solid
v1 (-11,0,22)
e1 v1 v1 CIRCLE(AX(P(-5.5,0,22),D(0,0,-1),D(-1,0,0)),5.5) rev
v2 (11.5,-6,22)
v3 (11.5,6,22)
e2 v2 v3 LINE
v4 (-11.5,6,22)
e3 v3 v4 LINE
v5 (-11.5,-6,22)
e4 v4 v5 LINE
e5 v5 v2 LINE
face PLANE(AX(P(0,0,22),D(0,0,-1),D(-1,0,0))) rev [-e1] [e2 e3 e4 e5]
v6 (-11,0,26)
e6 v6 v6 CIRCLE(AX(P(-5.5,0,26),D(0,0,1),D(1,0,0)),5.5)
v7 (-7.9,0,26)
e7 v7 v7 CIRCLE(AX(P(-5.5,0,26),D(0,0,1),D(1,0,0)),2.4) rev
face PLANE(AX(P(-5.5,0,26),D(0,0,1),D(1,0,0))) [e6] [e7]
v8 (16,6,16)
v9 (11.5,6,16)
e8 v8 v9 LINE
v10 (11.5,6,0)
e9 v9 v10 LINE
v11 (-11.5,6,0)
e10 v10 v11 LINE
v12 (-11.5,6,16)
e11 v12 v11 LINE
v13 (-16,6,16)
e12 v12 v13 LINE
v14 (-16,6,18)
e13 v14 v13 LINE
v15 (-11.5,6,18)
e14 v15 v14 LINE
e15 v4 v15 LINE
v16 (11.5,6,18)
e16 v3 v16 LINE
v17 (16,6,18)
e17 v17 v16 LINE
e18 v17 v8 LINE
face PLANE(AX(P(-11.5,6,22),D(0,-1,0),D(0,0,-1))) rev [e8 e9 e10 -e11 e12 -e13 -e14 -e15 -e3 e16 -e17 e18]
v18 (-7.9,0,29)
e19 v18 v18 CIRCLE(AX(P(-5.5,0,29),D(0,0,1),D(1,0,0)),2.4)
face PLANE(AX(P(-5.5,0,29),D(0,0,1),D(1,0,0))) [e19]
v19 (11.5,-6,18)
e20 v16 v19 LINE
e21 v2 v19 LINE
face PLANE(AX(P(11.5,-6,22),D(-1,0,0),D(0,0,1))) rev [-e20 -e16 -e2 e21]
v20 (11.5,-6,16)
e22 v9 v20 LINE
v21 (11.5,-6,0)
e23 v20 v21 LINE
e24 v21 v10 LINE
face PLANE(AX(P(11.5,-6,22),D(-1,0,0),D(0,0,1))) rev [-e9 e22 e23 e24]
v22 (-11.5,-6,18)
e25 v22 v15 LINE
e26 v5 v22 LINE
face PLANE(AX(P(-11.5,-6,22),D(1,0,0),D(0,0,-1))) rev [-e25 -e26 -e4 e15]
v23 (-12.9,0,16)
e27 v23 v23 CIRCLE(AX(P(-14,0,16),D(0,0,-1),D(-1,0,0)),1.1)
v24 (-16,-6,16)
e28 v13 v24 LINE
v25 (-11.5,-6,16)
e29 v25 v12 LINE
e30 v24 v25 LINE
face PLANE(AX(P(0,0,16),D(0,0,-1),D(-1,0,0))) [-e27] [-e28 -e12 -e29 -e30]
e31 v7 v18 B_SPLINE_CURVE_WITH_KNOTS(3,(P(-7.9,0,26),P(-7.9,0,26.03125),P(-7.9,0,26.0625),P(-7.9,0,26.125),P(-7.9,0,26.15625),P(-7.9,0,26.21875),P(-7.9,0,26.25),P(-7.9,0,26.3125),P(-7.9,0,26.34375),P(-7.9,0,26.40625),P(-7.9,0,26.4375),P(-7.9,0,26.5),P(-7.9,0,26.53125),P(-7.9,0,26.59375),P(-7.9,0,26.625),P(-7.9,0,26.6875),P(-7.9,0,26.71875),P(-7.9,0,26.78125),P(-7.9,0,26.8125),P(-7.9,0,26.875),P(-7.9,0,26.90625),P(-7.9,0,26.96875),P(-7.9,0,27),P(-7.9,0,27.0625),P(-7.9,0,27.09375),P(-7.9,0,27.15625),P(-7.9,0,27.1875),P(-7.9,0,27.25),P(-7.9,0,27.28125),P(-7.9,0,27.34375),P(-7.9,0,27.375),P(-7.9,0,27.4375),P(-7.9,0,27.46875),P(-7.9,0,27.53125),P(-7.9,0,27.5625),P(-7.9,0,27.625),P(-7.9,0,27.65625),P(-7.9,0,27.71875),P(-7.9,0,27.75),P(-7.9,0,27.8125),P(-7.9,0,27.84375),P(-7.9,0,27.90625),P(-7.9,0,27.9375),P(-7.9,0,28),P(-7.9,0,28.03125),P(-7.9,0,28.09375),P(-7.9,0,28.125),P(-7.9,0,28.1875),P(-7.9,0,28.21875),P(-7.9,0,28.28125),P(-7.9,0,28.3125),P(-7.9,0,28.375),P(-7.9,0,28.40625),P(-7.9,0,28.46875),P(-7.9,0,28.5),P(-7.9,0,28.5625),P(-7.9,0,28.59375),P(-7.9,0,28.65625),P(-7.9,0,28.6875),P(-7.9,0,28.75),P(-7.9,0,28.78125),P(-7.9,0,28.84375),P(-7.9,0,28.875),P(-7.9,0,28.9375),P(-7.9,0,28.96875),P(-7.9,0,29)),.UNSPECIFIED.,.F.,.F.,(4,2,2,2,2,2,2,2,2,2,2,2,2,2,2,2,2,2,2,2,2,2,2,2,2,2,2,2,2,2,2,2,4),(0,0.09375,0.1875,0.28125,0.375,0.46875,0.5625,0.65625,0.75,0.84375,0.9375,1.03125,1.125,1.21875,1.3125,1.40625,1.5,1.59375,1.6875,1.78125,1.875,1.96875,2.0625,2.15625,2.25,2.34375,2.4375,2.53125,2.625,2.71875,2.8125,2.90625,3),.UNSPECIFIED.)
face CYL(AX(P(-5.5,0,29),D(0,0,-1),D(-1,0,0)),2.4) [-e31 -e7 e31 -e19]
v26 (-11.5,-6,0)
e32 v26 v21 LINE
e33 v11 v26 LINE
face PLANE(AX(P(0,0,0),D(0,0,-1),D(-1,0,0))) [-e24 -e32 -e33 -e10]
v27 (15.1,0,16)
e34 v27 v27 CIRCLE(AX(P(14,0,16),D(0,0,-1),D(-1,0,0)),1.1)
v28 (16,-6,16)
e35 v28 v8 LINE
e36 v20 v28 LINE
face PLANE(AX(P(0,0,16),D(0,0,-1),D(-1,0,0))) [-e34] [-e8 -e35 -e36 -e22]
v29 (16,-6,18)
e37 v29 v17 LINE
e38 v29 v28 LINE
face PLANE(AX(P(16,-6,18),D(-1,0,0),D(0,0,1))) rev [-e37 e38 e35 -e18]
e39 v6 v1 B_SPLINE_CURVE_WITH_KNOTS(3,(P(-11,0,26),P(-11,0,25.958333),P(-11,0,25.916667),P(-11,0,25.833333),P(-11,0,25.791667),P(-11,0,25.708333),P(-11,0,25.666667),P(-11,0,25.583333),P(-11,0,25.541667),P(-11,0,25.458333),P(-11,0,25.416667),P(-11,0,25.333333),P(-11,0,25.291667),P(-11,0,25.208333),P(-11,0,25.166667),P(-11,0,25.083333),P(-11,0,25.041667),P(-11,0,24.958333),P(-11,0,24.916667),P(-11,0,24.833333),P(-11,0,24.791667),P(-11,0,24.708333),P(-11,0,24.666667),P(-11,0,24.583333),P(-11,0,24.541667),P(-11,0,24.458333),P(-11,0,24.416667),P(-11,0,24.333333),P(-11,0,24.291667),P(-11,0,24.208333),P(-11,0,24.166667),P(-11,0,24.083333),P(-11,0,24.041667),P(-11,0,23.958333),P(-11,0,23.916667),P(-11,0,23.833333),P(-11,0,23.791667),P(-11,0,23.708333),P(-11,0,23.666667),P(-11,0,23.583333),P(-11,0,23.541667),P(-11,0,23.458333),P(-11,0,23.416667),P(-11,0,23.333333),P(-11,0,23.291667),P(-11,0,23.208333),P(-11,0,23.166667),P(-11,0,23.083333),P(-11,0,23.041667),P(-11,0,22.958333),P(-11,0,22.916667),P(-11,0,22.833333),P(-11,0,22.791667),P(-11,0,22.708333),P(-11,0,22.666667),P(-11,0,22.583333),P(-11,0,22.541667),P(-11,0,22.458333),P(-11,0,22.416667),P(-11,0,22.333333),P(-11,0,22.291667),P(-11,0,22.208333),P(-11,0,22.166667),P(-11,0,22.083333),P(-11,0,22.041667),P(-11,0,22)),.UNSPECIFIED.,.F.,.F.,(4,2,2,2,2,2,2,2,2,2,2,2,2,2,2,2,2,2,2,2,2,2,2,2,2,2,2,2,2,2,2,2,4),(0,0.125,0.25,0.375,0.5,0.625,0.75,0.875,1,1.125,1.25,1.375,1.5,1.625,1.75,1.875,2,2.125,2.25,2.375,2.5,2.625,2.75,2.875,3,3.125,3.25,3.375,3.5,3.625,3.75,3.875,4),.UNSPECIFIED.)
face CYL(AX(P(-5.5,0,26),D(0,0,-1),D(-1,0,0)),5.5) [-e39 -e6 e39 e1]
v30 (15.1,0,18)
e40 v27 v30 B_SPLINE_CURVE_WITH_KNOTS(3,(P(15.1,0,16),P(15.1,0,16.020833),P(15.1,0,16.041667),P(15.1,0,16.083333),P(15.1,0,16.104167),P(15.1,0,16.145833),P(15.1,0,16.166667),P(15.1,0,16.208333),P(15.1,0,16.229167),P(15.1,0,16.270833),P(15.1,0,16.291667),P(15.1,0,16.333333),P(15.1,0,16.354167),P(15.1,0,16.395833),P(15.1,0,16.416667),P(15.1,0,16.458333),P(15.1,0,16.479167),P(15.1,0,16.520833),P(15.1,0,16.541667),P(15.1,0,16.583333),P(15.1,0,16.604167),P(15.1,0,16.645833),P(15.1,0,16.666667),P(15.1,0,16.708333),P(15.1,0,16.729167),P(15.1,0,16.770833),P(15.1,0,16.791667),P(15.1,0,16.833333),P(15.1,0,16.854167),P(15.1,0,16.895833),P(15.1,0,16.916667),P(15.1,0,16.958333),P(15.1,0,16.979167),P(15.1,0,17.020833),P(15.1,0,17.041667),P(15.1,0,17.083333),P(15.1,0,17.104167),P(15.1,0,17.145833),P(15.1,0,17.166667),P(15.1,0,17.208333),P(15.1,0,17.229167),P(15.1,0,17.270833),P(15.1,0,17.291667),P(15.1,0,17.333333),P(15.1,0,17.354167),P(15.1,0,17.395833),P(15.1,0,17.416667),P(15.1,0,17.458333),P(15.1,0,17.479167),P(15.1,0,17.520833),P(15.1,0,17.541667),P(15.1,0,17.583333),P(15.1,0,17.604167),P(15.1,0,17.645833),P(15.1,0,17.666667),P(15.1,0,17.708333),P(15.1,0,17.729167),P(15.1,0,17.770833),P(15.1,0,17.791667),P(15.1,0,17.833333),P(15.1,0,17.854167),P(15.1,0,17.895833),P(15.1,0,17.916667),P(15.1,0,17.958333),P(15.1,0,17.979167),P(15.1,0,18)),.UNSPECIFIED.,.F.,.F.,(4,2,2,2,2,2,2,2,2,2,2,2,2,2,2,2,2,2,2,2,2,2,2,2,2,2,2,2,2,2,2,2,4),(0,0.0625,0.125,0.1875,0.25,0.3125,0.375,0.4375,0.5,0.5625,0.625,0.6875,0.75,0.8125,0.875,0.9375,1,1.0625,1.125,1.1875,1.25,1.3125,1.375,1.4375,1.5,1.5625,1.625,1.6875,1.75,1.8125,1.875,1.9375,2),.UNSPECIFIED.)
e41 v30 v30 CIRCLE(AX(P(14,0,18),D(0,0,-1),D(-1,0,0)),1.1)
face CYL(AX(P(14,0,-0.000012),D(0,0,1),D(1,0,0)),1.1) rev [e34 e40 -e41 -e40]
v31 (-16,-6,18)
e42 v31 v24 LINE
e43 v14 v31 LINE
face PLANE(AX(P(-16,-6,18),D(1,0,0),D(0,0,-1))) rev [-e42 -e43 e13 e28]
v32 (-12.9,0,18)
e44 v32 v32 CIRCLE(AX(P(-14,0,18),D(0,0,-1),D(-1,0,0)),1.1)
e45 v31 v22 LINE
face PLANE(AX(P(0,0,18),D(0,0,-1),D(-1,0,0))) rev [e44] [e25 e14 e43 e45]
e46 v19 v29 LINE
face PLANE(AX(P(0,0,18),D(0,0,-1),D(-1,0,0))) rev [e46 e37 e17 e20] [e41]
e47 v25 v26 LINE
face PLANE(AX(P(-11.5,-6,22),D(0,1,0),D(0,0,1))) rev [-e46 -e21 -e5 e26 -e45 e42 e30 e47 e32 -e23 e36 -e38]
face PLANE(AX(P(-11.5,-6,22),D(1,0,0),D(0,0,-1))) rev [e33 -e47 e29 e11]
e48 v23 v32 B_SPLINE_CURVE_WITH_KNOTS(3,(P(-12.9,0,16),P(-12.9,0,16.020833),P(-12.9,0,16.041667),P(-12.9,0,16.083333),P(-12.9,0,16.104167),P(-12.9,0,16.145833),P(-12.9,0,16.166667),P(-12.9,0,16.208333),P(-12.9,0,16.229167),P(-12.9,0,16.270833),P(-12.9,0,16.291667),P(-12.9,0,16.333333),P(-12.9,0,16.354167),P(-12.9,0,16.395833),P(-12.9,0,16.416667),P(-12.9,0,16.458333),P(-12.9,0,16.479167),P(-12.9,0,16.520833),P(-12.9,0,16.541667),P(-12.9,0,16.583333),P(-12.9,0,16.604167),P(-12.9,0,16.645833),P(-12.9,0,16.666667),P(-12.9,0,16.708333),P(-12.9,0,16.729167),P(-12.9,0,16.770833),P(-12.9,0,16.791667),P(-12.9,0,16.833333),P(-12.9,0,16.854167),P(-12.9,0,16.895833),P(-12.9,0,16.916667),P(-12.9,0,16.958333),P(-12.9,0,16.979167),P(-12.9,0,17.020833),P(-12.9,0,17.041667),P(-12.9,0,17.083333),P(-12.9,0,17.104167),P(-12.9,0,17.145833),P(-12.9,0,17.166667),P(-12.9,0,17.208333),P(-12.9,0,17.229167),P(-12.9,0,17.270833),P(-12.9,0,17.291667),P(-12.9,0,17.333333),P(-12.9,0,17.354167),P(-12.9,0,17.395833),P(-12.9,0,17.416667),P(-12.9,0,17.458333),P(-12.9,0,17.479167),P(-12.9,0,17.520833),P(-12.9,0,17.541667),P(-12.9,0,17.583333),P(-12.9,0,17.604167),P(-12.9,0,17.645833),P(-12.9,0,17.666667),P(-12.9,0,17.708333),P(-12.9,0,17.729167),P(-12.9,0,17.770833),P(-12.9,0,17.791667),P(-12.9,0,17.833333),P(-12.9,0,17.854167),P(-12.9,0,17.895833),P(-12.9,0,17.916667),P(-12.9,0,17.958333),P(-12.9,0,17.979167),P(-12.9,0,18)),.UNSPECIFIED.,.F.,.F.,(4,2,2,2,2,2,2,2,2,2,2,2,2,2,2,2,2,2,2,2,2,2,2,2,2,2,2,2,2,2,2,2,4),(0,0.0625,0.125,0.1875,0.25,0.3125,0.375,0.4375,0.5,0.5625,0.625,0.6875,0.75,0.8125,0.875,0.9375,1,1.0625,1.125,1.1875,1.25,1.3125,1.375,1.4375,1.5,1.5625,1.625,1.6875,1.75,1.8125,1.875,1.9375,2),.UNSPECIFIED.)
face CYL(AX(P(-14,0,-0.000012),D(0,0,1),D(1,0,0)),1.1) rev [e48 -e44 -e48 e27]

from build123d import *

# Parameters (mm, degrees)
SKETCH_1_W                            = 23
SKETCH_1_H                            = 12
SG90_CASE_PHOTO_APPROX23X12X22_DEPTH  = 22
SG90_EARS_APPROX32_START              = 16
SKETCH_2_W                            = 32
SKETCH_2_H                            = 12
SG90_EARS_APPROX32_DEPTH              = 2
SKETCH_3_R                            = 5.5
SG90_TOP_BOSS_APPROX_DEPTH            = 26
SKETCH_4_R                            = 2.4
SG90_SHAFT_ENVELOPE_NO_SPLINE_DEPTH   = 29
SG90_EAR_HOLES_REFERENCE28_DEPTH      = 34.660065359
SG90_EAR_HOLES_REFERENCE28_DEPTH_BACK = 34.660065359
SKETCH_5_R                            = 1.1


with BuildPart() as part:
    # 草图1 → SG90_case_PHOTO_APPROX23x12x22 (new body)
    with BuildSketch(Plane.XY):
        Rectangle(SKETCH_1_W, SKETCH_1_H)
    extrude(amount=SG90_CASE_PHOTO_APPROX23X12X22_DEPTH)

    # 草图2 → SG90_ears_APPROX32 (add)
    with BuildSketch(Plane.XY.offset(SG90_EARS_APPROX32_START)):
        Rectangle(SKETCH_2_W, SKETCH_2_H)
    extrude(amount=SG90_EARS_APPROX32_DEPTH)

    # 草图3 → SG90_top_boss_APPROX (add)
    with BuildSketch(Plane.XY):
        with Locations(Location((-5.5, 0, 0), (0, 0, 180))):
            Circle(SKETCH_3_R)
    extrude(amount=SG90_TOP_BOSS_APPROX_DEPTH)

    # 草图4 → SG90_shaft_envelope_NO_SPLINE (add)
    with BuildSketch(Plane.XY):
        with Locations(Location((-5.5, 0, 0), (0, 0, 180))):
            Circle(SKETCH_4_R)
    extrude(amount=SG90_SHAFT_ENVELOPE_NO_SPLINE_DEPTH)

    # 草图5 → SG90_ear_holes_REFERENCE28 (cut, two sides: drawn at the far end of the back side and taken through both)
    with BuildSketch(Plane.XY.offset(-SG90_EAR_HOLES_REFERENCE28_DEPTH_BACK)):
        with Locations((-14, 0)):
            Circle(SKETCH_5_R)
        with Locations((14, 0)):
            Circle(SKETCH_5_R)
    extrude(amount=SG90_EAR_HOLES_REFERENCE28_DEPTH + SG90_EAR_HOLES_REFERENCE28_DEPTH_BACK, mode=Mode.SUBTRACT)


solid = part.part
